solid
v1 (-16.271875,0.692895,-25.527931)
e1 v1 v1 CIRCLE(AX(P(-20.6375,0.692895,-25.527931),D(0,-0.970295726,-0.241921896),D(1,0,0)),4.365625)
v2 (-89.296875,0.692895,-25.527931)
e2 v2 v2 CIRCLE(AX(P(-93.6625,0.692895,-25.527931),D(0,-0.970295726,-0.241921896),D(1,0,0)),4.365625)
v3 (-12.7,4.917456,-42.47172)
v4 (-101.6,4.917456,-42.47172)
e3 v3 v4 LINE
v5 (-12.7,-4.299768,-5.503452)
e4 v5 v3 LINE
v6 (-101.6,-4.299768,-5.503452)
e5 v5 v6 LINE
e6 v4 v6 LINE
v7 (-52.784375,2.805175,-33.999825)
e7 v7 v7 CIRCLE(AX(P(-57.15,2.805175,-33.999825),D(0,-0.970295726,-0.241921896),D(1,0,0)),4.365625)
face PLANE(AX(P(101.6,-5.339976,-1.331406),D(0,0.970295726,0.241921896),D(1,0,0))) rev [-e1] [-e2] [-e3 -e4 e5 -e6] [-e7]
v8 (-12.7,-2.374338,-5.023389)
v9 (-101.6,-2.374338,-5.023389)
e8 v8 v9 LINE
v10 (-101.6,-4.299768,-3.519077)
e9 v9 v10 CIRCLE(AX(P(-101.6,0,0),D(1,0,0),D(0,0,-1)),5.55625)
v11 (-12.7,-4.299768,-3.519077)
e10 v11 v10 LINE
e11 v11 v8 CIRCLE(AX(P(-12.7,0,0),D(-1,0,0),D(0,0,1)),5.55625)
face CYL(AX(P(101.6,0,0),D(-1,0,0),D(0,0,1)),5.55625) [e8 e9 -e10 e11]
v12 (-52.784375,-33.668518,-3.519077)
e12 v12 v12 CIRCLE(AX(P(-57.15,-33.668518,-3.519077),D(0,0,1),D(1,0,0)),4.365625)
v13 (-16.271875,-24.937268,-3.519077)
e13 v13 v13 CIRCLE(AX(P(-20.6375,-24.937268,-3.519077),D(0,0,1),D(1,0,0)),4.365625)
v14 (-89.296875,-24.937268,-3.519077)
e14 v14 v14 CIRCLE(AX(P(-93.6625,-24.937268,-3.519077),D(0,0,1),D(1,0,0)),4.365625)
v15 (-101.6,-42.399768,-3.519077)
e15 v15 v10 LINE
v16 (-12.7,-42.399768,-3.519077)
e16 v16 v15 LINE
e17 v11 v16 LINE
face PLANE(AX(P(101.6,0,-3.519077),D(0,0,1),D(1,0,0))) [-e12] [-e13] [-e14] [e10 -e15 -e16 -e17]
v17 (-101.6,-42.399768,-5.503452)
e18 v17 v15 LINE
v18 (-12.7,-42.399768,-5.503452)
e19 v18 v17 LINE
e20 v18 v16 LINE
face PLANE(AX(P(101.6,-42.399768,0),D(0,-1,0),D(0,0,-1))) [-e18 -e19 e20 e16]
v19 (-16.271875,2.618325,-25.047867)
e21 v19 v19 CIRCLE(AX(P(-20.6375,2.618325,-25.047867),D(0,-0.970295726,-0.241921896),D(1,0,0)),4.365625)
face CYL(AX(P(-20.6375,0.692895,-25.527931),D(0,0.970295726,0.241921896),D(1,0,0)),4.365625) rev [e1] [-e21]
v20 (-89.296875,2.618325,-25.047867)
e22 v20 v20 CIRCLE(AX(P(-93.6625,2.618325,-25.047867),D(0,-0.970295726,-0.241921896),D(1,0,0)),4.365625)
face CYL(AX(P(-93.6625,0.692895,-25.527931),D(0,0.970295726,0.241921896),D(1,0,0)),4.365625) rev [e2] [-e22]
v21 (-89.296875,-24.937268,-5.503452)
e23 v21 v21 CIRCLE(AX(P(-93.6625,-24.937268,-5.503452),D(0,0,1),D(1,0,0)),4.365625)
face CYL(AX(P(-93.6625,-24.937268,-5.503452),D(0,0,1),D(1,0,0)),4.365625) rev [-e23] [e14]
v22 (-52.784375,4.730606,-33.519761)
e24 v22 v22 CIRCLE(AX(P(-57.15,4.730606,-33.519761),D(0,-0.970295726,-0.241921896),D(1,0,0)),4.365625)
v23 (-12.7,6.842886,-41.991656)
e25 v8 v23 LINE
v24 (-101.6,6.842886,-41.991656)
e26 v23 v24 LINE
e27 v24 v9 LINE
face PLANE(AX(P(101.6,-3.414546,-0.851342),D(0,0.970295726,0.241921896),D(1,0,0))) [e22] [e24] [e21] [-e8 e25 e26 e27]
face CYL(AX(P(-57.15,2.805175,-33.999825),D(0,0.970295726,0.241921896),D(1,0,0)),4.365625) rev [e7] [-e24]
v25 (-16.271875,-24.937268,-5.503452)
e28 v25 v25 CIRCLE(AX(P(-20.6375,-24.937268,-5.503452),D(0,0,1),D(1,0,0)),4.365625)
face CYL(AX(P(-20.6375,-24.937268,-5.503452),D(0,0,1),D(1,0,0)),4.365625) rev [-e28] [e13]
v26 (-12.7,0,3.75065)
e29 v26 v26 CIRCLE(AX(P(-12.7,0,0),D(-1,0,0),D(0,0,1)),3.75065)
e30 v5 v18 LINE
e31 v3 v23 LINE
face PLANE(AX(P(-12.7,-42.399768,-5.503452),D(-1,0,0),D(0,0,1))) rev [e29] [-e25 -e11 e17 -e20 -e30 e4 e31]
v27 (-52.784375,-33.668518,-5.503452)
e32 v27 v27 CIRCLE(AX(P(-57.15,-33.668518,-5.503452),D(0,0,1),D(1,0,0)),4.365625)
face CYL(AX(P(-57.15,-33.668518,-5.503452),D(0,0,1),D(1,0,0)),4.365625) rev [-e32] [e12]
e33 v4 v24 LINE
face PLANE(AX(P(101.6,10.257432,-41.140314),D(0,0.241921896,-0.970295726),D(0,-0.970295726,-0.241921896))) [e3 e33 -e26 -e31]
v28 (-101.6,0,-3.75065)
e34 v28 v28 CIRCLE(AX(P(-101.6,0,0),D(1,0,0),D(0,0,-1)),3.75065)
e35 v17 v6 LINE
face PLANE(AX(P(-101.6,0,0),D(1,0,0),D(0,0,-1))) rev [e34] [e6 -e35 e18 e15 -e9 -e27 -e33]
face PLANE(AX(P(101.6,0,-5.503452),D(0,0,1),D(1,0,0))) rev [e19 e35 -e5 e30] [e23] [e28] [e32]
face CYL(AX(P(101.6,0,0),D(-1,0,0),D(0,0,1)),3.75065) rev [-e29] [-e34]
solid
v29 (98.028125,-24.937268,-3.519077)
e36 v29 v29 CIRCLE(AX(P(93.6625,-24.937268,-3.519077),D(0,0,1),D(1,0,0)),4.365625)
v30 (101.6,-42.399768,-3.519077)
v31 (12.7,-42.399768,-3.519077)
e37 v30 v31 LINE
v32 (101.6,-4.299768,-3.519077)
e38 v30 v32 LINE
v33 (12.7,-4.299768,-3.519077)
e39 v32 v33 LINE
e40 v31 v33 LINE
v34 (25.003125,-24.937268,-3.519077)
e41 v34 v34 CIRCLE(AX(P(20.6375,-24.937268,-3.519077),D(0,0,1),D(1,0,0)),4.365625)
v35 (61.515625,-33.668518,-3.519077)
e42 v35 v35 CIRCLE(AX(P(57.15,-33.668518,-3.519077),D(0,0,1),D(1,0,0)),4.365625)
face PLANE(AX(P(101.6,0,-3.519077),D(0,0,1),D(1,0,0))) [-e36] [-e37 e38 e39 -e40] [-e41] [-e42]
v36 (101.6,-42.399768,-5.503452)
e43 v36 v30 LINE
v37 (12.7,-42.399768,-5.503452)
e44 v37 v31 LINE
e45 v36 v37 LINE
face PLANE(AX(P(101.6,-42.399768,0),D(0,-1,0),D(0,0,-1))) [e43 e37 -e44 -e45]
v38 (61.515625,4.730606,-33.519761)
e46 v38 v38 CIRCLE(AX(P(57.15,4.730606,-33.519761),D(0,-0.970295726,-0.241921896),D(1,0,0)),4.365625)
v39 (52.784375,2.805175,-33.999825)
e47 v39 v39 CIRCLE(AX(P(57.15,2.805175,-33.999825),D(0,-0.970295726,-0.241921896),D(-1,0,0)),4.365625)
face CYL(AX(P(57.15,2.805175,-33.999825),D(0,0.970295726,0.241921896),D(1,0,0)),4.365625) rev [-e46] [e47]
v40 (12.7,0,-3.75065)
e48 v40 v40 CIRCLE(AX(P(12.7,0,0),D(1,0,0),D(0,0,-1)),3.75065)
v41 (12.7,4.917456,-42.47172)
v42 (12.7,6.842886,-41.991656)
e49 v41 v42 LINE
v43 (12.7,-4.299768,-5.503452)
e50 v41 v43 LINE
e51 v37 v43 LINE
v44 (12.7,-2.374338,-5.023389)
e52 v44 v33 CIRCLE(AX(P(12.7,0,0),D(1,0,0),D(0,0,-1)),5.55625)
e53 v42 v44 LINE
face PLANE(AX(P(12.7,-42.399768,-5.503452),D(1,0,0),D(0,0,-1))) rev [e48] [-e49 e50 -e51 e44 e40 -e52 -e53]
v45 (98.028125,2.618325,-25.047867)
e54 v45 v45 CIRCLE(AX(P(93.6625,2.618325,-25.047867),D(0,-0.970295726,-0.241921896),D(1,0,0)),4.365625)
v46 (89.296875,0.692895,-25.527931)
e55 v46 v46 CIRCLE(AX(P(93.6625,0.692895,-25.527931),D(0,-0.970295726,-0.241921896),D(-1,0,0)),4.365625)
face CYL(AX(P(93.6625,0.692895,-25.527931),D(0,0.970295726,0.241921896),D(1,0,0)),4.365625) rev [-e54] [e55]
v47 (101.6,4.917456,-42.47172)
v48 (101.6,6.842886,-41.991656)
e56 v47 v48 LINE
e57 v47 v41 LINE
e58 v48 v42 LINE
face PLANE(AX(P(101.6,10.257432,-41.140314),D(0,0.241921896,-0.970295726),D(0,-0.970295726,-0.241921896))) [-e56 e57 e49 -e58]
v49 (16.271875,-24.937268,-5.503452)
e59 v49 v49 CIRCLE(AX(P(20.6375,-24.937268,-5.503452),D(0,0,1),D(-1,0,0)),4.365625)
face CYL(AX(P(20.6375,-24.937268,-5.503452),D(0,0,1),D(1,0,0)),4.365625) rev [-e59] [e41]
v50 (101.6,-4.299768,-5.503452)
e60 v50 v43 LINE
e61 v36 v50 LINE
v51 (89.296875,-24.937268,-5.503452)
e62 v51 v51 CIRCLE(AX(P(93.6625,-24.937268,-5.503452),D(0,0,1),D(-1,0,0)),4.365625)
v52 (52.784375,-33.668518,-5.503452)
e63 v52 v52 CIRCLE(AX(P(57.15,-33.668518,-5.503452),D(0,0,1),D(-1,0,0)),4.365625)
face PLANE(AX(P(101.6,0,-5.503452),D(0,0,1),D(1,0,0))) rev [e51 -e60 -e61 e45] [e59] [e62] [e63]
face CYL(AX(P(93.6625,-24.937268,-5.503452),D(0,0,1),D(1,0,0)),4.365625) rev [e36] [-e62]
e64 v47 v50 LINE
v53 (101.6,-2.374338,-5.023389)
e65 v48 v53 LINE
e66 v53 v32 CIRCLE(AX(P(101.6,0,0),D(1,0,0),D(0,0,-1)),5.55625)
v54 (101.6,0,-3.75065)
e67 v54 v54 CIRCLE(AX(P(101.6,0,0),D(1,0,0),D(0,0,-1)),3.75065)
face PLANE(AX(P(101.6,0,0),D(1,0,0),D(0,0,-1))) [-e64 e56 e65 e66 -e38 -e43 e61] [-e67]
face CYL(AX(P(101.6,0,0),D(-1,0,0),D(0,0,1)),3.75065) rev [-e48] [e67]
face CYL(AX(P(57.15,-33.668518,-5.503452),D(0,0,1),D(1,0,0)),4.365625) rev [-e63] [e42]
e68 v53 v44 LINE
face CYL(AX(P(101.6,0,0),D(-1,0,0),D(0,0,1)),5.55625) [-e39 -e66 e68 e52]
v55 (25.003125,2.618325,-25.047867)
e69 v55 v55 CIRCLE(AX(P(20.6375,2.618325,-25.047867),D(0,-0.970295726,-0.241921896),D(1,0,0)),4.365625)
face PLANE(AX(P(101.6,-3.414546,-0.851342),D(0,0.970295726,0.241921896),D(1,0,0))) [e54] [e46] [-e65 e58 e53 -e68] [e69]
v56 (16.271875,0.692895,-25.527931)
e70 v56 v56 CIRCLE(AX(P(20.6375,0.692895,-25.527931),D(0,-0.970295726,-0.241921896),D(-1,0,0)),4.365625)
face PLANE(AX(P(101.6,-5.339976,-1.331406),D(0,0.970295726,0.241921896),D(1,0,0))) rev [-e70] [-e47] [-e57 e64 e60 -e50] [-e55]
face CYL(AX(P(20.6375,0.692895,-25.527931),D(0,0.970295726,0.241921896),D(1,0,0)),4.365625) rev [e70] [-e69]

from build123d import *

# Parameters (mm, degrees)
BOSS_EXTRUDE1_DEPTH = 101.6
SKETCH2_R           = 4.365625
SKETCH2_W           = 25.4
SKETCH2_H           = 52.737821571
CUT_EXTRUDE1_DEPTH  = 111.232355814


with BuildPart() as part:
    # Sketch1 → Boss-Extrude1 (new, symmetric)
    with BuildSketch(Plane(origin=(0, 0, 0), x_dir=(0, 0, -1), z_dir=(1, 0, 0))):
        with BuildLine():
            Line((-2.955552608, 2.309130771), (-4.37838475, 3.420769072))
            ThreePointArc((-4.37838475, 3.420769072), (-3.884105647, -3.973114318), (3.519077491, -4.299768328))
            Line((3.519077491, -4.299768328), (3.519077491, -42.399768328))
            Line((3.519077491, -42.399768328), (5.503452491, -42.399768328))
            Line((5.503452491, -42.399768328), (5.503452491, -4.299768328))
            Line((5.503452491, -4.299768328), (2.955552608, -2.309130771))
            ThreePointArc((2.955552608, -2.309130771), (-2.309130771, -2.955552608), (-2.955552608, 2.309130771))
        make_face()
    boss_extrude1 = extrude(amount=BOSS_EXTRUDE1_DEPTH, both=True)

    # Sketch2 → Cut-Extrude1 (cut, symmetric)
    with BuildSketch(Plane.XY):
        with Locations((-93.6625, -24.937268328)):
            Circle(SKETCH2_R)
        with Locations((-20.6375, -24.937268328)):
            Circle(SKETCH2_R)
        with Locations((20.6375, -24.937268328)):
            Circle(SKETCH2_R)
        with Locations((93.6625, -24.937268328)):
            Circle(SKETCH2_R)
        with Locations((-57.15, -33.668518328)):
            Circle(SKETCH2_R)
        with Locations((57.15, -33.668518328)):
            Circle(SKETCH2_R)
        with Locations((0, -16.030857543)):
            Rectangle(SKETCH2_W, SKETCH2_H)
    cut_extrude1 = extrude(amount=CUT_EXTRUDE1_DEPTH, both=True, mode=Mode.SUBTRACT)


with BuildPart() as cut_extrude1_piece_1:
    # of the separate pieces the step leaves, piece 1, a body of its own (cut_extrude1_pieces)
    add(part.part.solids().sort_by_distance((101.6, -2.309130771, -2.955552608))[0])



with BuildPart() as cut_extrude1_piece_2:
    # of the separate pieces the step leaves, piece 2, a body of its own (cut_extrude1_pieces)
    add(part.part.solids().sort_by_distance((-12.7, -2.309130771, -2.955552608))[0])


with BuildPart() as cut_extrude1_piece_1_1:
    add(cut_extrude1_piece_1.part)

    add(cut_extrude1_piece_2.part)  # Mirror2 merges Cut-Extrude1 piece 2
    # Mirror2: Boss-Extrude1 across plane
    add(boss_extrude1.mirror(Plane(origin=(101.6, 0, 0), x_dir=(0, 0.6156614753256557, 0.7880107536067239), z_dir=(0, 0.788010753606724, -0.6156614753256557))))

    # Mirror2 2: Cut-Extrude1 across plane
    add(cut_extrude1.mirror(Plane(origin=(101.6, 0, 0), x_dir=(0, 0.6156614753256557, 0.7880107536067239), z_dir=(0, 0.788010753606724, -0.6156614753256557))), mode=Mode.SUBTRACT)


solid = cut_extrude1_piece_1_1.part
